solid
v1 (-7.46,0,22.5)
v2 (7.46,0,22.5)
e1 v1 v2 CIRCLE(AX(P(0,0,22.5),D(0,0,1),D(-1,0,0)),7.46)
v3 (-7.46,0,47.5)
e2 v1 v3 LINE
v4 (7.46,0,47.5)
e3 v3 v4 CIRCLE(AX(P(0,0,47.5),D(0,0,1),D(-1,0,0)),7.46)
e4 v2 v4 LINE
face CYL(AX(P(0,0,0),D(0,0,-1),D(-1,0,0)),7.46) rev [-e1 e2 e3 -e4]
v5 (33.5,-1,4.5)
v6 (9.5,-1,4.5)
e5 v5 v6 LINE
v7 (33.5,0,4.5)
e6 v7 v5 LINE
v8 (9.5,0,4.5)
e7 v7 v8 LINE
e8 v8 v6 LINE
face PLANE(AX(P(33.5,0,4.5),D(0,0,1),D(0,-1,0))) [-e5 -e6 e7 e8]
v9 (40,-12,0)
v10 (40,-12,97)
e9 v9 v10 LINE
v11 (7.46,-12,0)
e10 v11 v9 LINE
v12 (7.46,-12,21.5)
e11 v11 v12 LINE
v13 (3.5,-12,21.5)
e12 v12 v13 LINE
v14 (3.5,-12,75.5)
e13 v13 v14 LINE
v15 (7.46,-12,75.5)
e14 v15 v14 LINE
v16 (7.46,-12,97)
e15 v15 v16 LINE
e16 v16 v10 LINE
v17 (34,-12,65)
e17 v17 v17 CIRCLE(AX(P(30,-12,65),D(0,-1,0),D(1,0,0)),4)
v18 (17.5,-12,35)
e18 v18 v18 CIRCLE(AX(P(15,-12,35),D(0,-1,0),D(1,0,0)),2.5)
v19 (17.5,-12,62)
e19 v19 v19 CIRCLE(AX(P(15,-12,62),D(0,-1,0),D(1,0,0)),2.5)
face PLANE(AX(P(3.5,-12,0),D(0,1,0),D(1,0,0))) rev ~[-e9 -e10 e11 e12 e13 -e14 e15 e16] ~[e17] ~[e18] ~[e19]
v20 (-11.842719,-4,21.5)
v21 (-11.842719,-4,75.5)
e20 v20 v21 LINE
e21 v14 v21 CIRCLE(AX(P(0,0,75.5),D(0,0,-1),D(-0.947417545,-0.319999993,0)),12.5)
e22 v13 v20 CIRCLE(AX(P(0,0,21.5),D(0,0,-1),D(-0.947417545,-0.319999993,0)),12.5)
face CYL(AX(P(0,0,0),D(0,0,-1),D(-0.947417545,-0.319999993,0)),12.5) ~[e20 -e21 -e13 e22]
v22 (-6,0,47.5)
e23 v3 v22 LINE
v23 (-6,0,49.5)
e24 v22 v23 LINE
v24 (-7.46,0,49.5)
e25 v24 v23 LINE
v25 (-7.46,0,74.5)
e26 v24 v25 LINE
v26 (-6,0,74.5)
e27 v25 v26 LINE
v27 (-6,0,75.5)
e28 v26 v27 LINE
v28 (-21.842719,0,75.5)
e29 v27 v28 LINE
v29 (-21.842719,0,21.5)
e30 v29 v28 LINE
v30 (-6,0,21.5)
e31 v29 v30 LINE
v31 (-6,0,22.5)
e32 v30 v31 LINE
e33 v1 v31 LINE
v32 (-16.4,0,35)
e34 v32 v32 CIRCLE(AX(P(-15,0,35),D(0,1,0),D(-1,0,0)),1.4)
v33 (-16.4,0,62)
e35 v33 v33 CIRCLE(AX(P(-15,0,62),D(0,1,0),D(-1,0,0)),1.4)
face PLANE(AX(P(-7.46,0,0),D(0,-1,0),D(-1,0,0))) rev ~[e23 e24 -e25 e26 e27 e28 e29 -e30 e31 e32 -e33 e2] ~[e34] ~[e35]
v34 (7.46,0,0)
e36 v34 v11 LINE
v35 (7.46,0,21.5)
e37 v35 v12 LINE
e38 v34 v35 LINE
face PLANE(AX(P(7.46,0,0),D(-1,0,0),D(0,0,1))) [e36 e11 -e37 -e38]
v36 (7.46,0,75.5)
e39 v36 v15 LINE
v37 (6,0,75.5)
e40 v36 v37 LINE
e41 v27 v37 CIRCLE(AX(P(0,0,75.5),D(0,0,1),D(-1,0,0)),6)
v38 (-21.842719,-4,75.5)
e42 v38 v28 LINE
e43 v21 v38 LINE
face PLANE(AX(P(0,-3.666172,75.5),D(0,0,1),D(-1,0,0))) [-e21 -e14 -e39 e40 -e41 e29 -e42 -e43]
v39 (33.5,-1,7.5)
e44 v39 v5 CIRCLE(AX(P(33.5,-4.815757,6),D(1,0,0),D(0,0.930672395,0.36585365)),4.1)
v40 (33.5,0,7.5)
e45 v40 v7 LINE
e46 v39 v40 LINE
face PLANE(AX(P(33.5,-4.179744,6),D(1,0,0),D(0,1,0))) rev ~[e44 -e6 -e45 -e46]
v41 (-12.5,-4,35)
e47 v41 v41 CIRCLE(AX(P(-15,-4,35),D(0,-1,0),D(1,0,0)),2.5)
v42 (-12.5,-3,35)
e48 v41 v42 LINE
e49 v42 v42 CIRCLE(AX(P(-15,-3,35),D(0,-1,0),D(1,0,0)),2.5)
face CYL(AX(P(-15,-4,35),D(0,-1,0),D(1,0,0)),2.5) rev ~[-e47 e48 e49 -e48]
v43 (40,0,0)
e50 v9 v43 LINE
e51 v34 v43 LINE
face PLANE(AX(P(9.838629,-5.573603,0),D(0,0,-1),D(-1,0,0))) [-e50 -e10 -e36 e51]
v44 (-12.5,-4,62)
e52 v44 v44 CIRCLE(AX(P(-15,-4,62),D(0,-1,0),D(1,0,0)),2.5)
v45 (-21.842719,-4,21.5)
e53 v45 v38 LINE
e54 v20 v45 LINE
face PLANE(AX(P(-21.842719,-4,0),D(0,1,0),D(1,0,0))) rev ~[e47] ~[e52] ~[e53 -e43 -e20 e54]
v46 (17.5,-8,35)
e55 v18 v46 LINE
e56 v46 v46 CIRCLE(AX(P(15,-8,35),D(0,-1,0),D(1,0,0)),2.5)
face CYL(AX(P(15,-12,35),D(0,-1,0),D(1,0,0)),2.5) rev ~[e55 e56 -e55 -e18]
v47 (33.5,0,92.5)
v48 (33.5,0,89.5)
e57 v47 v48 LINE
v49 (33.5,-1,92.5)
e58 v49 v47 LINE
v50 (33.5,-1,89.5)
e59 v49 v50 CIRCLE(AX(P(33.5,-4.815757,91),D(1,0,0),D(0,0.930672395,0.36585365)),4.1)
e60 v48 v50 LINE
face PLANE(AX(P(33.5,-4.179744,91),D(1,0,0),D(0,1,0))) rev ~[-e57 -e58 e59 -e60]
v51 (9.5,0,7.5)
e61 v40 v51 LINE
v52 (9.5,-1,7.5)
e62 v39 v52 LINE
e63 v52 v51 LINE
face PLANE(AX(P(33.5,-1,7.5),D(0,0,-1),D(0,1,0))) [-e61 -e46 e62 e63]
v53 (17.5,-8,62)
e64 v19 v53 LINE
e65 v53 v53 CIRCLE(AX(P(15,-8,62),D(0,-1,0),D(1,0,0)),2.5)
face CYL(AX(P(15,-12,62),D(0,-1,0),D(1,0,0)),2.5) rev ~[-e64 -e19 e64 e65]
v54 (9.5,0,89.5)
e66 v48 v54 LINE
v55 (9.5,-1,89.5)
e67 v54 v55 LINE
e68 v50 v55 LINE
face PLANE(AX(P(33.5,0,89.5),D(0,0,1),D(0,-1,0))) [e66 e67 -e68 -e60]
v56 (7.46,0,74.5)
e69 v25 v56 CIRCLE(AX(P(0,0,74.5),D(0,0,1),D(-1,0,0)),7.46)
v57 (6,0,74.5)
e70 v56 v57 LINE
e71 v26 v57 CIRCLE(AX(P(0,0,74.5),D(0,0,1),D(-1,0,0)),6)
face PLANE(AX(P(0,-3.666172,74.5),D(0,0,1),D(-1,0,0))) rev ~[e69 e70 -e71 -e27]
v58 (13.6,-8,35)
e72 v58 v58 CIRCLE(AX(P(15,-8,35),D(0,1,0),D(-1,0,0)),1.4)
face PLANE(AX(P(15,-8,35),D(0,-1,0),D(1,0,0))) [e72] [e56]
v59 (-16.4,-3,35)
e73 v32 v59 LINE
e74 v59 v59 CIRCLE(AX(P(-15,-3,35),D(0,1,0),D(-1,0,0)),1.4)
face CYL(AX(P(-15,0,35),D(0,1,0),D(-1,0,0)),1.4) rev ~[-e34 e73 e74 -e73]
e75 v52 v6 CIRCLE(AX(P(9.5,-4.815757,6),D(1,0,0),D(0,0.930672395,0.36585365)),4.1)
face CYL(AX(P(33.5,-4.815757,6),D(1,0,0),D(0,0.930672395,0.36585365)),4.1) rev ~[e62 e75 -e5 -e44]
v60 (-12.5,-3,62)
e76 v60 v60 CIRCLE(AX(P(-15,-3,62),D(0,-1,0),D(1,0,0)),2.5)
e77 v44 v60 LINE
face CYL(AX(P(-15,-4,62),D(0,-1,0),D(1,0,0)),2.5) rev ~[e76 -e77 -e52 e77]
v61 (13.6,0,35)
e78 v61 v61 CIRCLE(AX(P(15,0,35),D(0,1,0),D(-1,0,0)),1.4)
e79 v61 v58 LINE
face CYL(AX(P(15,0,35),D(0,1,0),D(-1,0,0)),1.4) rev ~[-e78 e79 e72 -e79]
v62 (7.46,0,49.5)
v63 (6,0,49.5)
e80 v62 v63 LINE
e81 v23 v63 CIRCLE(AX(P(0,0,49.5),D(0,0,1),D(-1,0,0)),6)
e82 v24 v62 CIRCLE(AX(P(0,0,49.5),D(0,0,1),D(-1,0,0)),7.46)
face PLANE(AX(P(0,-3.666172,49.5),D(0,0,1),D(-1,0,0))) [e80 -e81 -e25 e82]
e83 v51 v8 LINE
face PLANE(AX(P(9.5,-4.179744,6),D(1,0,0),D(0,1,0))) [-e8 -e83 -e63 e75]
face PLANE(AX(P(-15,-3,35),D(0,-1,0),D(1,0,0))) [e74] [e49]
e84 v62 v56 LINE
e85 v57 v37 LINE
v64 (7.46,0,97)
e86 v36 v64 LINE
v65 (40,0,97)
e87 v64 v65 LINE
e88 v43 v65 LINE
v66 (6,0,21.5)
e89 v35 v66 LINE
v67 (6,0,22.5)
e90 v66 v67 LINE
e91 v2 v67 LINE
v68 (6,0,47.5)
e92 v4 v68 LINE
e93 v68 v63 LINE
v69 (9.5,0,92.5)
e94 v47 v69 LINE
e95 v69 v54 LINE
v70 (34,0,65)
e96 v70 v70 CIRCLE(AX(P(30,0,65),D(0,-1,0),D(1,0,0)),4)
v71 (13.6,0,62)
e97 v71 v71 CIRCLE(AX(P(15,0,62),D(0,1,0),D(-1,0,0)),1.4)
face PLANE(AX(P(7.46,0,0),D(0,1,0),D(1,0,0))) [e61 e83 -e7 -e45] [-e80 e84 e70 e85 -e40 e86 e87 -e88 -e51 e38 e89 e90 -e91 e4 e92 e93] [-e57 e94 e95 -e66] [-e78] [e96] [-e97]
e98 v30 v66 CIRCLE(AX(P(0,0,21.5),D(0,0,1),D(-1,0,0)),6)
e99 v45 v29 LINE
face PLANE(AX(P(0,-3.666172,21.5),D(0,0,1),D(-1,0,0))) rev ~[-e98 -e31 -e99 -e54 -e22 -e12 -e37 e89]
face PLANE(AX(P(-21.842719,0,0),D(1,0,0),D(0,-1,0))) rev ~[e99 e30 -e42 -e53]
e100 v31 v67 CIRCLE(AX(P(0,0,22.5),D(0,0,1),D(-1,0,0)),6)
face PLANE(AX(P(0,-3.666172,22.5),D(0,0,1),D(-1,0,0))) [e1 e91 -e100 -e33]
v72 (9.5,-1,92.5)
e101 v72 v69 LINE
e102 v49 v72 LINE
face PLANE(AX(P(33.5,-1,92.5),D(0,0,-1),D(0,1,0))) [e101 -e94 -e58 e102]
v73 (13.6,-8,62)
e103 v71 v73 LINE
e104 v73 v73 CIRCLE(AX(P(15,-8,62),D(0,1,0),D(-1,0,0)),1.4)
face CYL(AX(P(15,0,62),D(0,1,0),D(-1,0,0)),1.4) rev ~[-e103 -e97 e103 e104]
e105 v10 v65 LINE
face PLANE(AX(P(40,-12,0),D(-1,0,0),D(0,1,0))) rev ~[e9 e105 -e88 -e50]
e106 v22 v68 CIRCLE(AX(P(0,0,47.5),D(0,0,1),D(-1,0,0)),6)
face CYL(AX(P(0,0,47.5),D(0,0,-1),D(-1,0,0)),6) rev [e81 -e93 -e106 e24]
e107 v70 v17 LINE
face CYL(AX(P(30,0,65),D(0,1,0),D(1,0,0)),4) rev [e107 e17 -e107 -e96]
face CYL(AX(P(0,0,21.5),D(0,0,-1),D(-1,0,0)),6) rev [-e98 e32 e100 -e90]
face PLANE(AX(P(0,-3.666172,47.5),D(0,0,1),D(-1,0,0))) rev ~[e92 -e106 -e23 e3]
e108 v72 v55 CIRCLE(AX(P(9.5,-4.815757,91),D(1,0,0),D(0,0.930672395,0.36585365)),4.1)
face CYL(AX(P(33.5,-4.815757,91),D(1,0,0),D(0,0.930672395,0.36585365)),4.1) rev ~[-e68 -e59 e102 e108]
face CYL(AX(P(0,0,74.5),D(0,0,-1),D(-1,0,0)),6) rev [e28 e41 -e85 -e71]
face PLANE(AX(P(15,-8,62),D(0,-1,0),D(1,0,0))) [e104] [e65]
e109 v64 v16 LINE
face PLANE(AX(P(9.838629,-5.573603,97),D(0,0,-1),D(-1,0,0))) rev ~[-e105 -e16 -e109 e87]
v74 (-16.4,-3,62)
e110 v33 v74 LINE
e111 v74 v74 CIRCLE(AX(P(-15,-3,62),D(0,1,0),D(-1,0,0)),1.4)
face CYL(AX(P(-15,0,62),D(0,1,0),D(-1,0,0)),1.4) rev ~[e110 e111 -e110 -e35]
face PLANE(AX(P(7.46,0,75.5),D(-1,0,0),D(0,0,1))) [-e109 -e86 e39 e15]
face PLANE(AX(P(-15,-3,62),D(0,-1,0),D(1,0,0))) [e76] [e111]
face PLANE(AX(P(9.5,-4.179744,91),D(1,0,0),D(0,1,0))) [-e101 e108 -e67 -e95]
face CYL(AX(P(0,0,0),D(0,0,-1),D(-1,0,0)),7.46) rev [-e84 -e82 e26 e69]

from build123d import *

# Parameters (mm, degrees)
SKETCH012_R  = 4
PAD008_DEPTH = 12
SKETCH001_R  = 1.4
SKETCH001_W  = 29.46
SKETCH001_H  = 21.5
PAD005_DEPTH = 13
PAD006_DEPTH = 24
SKETCH010_R  = 2.5
PAD007_DEPTH = 4
SKETCH011_R  = 2.5
PAD004_DEPTH = 1
PAD001_DEPTH = 1
PAD002_DEPTH = 2
PAD003_DEPTH = 1
PAD_DEPTH    = 97


with BuildPart() as pad008:
    # Sketch012 → Pad008 (new body)
    with BuildSketch(Plane.XZ):
        with Locations((30, 65)):
            Circle(SKETCH012_R)
    extrude(amount=PAD008_DEPTH)


with BuildPart() as pad005:
    # Sketch001 → Pad005 (new body)
    with BuildSketch(Plane(origin=(0, 0, 0), x_dir=(-1, 0, 0), z_dir=(0, 1, 0))):
        with Locations((15, 62)):
            Circle(SKETCH001_R)
        with Locations((15, 35)):
            Circle(SKETCH001_R)
        with Locations((-15, 62)):
            Circle(SKETCH001_R)
        with Locations((-15, 35)):
            Circle(SKETCH001_R)
        with Locations((7.27, 10.75)):
            Rectangle(SKETCH001_W, SKETCH001_H)
        with Locations((7.27, 86.25)):
            Rectangle(SKETCH001_W, SKETCH001_H)
    extrude(amount=-PAD005_DEPTH)


with BuildPart() as pad006:
    # Sketch008 → Pad006 (new body)
    with BuildSketch(Plane.YZ.offset(33.5)):
        with BuildLine():
            ThreePointArc((-1, 7.5), (-8.915757, 6), (-1, 4.5))
            Line((0, 4.5), (-1, 4.5))
            Line((0, 7.5), (0, 4.5))
            Line((-1, 7.5), (0, 7.5))
        make_face()
        with BuildLine():
            ThreePointArc((-1, 92.5), (-8.915757, 91), (-1, 89.5))
            Line((0, 89.5), (-1, 89.5))
            Line((0, 92.5), (0, 89.5))
            Line((-1, 92.5), (0, 92.5))
        make_face()
    extrude(amount=-PAD006_DEPTH)


with BuildPart() as pad007:
    # Sketch010 → Pad007 (new body)
    with BuildSketch(Plane.XZ.offset(12)):
        with Locations((15, 62)):
            Circle(SKETCH010_R)
        with Locations((15, 35)):
            Circle(SKETCH010_R)
    extrude(amount=-PAD007_DEPTH)


with BuildPart() as cutblock:
    # Sketch011 → Pad004 (new body)
    with BuildSketch(Plane.XZ.offset(4)):
        with Locations((-15, 62)):
            Circle(SKETCH011_R)
        with Locations((-15, 35)):
            Circle(SKETCH011_R)
    extrude(amount=-PAD004_DEPTH)

    # Fusion001: union Pad005, Pad006, Pad007
    add(pad005.part)
    add(pad006.part)
    add(pad007.part)


with BuildPart() as pad001:
    # Sketch005 → Pad001 (new body)
    with BuildSketch(Plane(origin=(0, 0, 21.5), x_dir=(-1, 0, 0), z_dir=(0, 0, 1))):
        with BuildLine():
            ThreePointArc((7.46, 0), (0, 7.46), (-7.46, 0))
            Line((-7.46, 0), (-6, 0))
            ThreePointArc((6, 0), (0, 6), (-6, 0))
            Line((7.46, 0), (6, 0))
        make_face()
    extrude(amount=PAD001_DEPTH)


with BuildPart() as pad002:
    # Sketch006 → Pad002 (new body)
    with BuildSketch(Plane(origin=(0, 0, 47.5), x_dir=(-1, 0, 0), z_dir=(0, 0, 1))):
        with BuildLine():
            ThreePointArc((7.46, 0), (0, 7.46), (-7.46, 0))
            Line((-7.46, 0), (-6, 0))
            ThreePointArc((6, 0), (0, 6), (-6, 0))
            Line((7.46, 0), (6, 0))
        make_face()
    extrude(amount=PAD002_DEPTH)


with BuildPart() as pad003:
    # Sketch007 → Pad003 (new body)
    with BuildSketch(Plane(origin=(0, 0, 74.5), x_dir=(-1, 0, 0), z_dir=(0, 0, 1))):
        with BuildLine():
            ThreePointArc((7.46, 0), (0, 7.46), (-7.46, 0))
            Line((-7.46, 0), (-6, 0))
            ThreePointArc((6, 0), (0, 6), (-6, 0))
            Line((7.46, 0), (6, 0))
        make_face()
    extrude(amount=PAD003_DEPTH)


with BuildPart() as cut001:
    # Sketch → Pad (new body)
    with BuildSketch(Plane.XY):
        with BuildLine():
            ThreePointArc((-7.46, 0), (0, -7.46), (7.46, 0))
            Line((7.46, 0), (40, 0))
            Line((40, -12), (40, 0))
            Line((3.5, -12), (40, -12))
            ThreePointArc((-11.842719, -4), (-5.779294, -11.083761), (3.5, -12))
            Line((-21.842719, -4), (-11.842719, -4))
            Line((-21.842719, 0), (-21.842719, -4))
            Line((-7.46, 0), (-21.842719, 0))
        make_face()
    extrude(amount=PAD_DEPTH)

    # Fusion: union Pad001, Pad002, Pad003
    add(pad001.part)
    add(pad002.part)
    add(pad003.part)

    # Cut: cut CutBlock
    add(cutblock.part, mode=Mode.SUBTRACT)

    # Cut001: cut Pad008
    add(pad008.part, mode=Mode.SUBTRACT)


solid = cut001.part
